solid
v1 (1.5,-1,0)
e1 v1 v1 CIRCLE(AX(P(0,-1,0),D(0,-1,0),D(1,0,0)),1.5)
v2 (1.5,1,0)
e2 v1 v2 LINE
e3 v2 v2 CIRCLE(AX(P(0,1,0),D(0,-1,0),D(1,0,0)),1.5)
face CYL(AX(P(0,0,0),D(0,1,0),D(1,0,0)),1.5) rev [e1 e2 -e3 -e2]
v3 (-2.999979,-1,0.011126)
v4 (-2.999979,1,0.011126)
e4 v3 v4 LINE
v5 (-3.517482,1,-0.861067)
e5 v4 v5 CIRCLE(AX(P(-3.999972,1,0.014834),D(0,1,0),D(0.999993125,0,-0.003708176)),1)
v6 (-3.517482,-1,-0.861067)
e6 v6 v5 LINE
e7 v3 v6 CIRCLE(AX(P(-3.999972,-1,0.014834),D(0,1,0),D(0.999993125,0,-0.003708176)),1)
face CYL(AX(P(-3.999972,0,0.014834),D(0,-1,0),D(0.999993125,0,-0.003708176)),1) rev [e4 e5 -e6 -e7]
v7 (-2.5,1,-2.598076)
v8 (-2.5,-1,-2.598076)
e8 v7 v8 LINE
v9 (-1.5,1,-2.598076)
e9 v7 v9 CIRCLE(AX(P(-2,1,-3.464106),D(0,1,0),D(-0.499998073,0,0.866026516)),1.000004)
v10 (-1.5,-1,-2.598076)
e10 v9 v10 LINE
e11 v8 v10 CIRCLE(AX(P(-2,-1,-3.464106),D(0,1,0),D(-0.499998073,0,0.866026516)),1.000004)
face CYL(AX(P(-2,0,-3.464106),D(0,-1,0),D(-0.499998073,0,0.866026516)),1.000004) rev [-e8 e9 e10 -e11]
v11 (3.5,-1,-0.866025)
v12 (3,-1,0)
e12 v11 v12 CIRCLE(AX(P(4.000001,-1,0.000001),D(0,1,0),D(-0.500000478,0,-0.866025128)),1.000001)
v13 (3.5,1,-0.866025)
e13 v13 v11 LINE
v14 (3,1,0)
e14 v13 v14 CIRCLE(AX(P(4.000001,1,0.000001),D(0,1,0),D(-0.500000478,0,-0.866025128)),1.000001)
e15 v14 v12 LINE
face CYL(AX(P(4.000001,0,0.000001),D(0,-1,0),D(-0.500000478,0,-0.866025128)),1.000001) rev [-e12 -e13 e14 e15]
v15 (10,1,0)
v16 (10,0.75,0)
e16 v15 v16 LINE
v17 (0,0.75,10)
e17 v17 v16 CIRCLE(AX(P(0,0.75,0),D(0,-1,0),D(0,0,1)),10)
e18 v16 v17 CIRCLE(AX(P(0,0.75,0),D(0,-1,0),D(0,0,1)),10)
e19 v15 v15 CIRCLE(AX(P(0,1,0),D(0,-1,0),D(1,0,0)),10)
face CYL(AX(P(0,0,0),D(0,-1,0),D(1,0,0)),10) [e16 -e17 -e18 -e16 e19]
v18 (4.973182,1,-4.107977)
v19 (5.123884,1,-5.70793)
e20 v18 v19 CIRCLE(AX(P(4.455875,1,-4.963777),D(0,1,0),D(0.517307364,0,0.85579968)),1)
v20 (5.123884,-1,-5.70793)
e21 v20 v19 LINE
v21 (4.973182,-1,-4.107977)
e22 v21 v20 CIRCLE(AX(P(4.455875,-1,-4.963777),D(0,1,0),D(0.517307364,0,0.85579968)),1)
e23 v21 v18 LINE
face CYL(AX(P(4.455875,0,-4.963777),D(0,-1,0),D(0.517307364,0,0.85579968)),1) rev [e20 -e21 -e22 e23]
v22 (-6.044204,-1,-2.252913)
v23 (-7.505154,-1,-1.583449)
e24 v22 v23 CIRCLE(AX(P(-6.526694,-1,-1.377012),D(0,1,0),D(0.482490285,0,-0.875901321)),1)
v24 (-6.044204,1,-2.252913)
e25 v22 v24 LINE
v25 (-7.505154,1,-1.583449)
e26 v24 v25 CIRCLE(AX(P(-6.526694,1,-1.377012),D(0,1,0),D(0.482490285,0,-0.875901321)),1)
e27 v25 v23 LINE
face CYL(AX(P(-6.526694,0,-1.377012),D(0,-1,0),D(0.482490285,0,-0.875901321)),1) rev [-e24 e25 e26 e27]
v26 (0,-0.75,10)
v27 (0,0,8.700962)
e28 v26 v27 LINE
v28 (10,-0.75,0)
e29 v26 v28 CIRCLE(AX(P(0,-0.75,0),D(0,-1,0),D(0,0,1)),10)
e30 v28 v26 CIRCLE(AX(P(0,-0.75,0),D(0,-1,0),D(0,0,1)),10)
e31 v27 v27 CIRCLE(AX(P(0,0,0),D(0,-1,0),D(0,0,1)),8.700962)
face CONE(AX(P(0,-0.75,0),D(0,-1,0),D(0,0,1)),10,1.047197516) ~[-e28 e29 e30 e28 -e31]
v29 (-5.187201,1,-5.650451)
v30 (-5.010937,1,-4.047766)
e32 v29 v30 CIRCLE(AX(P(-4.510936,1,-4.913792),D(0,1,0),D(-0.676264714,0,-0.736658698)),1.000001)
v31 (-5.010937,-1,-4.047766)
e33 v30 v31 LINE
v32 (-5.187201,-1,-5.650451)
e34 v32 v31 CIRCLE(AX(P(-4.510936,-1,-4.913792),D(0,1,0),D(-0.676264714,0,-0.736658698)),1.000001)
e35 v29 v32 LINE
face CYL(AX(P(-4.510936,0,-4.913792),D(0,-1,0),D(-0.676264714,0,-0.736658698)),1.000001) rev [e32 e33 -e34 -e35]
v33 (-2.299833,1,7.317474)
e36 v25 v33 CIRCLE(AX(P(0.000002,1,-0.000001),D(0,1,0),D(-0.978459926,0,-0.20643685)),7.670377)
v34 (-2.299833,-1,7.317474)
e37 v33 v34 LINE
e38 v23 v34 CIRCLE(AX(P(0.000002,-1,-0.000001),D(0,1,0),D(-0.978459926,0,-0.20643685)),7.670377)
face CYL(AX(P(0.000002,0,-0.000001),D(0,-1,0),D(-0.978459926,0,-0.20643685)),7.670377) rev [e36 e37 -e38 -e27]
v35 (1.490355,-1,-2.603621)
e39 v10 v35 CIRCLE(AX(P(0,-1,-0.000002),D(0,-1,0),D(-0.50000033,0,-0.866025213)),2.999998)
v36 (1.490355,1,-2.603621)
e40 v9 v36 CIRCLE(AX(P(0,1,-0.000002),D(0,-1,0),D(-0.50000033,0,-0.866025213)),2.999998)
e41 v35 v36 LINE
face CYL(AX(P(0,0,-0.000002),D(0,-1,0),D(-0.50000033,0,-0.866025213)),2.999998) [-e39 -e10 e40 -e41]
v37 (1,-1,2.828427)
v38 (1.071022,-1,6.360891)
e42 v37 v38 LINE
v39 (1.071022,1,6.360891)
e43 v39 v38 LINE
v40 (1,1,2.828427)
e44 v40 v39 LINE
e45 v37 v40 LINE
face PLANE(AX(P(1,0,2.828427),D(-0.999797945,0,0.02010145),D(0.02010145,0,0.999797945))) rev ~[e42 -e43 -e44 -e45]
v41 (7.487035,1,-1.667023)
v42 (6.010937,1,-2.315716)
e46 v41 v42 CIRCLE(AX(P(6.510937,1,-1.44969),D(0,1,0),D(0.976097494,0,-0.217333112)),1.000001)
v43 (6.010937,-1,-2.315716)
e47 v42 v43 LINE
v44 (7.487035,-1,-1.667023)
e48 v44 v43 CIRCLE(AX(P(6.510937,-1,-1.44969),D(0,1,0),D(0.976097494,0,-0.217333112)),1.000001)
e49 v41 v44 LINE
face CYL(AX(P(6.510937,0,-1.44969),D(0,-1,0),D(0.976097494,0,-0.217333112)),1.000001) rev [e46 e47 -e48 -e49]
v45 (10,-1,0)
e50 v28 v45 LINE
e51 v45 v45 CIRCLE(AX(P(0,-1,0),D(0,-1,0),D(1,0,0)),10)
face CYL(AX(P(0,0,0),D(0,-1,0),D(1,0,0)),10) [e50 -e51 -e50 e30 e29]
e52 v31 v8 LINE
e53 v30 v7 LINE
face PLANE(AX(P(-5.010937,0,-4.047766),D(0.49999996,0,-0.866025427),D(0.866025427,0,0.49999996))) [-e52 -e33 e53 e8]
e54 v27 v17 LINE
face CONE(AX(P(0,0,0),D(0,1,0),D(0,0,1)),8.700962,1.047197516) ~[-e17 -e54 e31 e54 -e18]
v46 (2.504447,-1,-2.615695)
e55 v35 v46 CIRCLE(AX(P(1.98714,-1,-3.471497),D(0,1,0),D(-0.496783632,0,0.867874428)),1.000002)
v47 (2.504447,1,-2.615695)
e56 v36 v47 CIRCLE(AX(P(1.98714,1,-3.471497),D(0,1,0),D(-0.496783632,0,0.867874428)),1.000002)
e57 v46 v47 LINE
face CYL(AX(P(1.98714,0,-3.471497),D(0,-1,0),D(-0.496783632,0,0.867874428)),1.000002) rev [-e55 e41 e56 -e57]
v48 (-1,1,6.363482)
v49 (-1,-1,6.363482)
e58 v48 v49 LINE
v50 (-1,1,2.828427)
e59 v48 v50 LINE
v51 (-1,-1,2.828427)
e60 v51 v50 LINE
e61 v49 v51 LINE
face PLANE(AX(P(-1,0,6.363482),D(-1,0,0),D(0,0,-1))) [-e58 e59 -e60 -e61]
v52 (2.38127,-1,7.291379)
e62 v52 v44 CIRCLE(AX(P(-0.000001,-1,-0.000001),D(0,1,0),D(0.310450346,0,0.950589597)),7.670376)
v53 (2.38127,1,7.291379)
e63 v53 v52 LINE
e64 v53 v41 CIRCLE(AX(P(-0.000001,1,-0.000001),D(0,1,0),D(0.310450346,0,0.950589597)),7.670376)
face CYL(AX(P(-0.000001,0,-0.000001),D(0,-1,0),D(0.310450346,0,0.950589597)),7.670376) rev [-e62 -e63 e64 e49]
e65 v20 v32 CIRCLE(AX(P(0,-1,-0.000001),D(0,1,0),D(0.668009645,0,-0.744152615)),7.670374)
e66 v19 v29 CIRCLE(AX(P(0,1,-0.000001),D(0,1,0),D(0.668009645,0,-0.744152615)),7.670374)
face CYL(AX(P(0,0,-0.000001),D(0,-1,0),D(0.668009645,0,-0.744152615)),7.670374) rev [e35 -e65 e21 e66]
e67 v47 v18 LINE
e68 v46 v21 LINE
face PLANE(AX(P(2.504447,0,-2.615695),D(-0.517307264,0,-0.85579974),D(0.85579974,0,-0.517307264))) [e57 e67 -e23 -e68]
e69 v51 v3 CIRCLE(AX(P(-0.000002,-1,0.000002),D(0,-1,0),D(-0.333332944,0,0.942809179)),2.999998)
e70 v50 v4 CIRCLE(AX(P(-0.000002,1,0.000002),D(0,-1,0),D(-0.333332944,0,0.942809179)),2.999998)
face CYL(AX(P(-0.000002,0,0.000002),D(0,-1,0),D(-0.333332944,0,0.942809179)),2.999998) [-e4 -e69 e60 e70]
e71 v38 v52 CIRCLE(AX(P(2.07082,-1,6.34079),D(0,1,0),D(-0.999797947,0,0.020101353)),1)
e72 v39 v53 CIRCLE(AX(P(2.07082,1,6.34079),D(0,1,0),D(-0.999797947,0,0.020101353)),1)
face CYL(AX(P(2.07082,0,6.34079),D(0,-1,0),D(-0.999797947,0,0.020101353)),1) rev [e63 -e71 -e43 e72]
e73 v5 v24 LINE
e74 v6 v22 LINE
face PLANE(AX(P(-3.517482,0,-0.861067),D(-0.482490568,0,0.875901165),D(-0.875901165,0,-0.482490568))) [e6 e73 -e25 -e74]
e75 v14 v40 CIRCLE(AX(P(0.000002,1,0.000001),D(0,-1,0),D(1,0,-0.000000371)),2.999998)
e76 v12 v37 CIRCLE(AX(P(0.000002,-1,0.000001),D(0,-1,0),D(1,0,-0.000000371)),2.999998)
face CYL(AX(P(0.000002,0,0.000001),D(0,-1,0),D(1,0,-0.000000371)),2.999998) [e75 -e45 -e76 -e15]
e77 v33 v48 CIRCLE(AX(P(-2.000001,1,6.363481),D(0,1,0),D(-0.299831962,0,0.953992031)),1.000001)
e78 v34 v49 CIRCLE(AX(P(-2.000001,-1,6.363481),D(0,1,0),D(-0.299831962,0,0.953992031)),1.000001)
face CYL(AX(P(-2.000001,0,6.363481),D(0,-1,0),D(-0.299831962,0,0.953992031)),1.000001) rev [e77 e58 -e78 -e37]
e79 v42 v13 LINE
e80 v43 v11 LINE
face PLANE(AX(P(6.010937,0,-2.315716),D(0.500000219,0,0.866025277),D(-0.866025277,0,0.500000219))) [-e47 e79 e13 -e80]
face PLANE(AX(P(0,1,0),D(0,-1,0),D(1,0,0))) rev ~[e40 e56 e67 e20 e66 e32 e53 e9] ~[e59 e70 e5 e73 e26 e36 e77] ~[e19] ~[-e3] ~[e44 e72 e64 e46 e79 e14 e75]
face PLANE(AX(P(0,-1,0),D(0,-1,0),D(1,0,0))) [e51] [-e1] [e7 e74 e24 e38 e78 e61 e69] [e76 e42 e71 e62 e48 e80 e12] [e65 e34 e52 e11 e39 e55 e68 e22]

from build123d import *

# Parameters (mm, degrees)
F0_R     = 10
F0_R_2   = 1.5
F1_DEPTH = 1


with BuildPart() as f1:
    # F0 (on Front) → F1 (new body, symmetric)
    with BuildSketch(Plane.XZ):
        Circle(F0_R)
        with BuildLine():
            ThreePointArc((-5.187201, -5.650451), (-5.504943, -4.80447), (-5.010937, -4.047766))
            Line((-5.010937, -4.047766), (-2.5, -2.598076))
            ThreePointArc((-2.5, -2.598076), (-2, -2.464102), (-1.5, -2.598076))
            ThreePointArc((-1.5, -2.598076), (-0.005563, -2.999995), (1.490355, -2.603621))
            ThreePointArc((1.490355, -2.603621), (1.999045, -2.471566), (2.504447, -2.615695))
            Line((2.504447, -2.615695), (4.973182, -4.107977))
            ThreePointArc((4.973182, -4.107977), (5.451468, -4.87), (5.123884, -5.70793))
            ThreePointArc((5.123884, -5.70793), (-0.042758, -7.670256), (-5.187201, -5.650451))
        make_face(mode=Mode.SUBTRACT)
        with BuildLine():
            ThreePointArc((-7.505154, -1.583449), (-6.621257, 3.872157), (-2.299833, 7.317474))
            ThreePointArc((-2.299833, 7.317474), (-1.408322, 7.169656), (-1, 6.363482))
            Line((-1, 6.363482), (-1, 2.828427))
            ThreePointArc((-1, 2.828427), (-2.446274, 1.73659), (-2.999979, 0.011126))
            ThreePointArc((-2.999979, 0.011126), (-3.139961, -0.495441), (-3.517482, -0.861067))
            Line((-3.517482, -0.861067), (-6.044204, -2.252913))
            ThreePointArc((-6.044204, -2.252913), (-6.943278, -2.286109), (-7.505154, -1.583449))
        make_face(mode=Mode.SUBTRACT)
        Circle(F0_R_2, mode=Mode.SUBTRACT)
        with BuildLine():
            Line((1, 2.828427), (1.071022, 6.360891))
            ThreePointArc((1.071022, 6.360891), (1.49181, 7.15611), (2.38127, 7.291379))
            ThreePointArc((2.38127, 7.291379), (6.664015, 3.798099), (7.487035, -1.667023))
            ThreePointArc((7.487035, -1.667023), (6.913265, -2.365186), (6.010937, -2.315716))
            Line((6.010937, -2.315716), (3.5, -0.866025))
            ThreePointArc((3.5, -0.866025), (3.133975, -0.5), (3, 0))
            ThreePointArc((3, 0), (2.44949, 1.732051), (1, 2.828427))
        make_face(mode=Mode.SUBTRACT)
    extrude(amount=F1_DEPTH, both=True)

    # F2 (on Right) → F3 (revolve, cut)
    with BuildSketch(Plane.YZ):
        Polygon((0.75, 10), (0, 10), (0, 8.700962), align=None)
        Polygon((0, 8.700962), (0, 10), (-0.75, 10), align=None)
    revolve(axis=Axis((0, -0.683033, 0), (0, -1, 0)), mode=Mode.SUBTRACT)


solid = f1.part
